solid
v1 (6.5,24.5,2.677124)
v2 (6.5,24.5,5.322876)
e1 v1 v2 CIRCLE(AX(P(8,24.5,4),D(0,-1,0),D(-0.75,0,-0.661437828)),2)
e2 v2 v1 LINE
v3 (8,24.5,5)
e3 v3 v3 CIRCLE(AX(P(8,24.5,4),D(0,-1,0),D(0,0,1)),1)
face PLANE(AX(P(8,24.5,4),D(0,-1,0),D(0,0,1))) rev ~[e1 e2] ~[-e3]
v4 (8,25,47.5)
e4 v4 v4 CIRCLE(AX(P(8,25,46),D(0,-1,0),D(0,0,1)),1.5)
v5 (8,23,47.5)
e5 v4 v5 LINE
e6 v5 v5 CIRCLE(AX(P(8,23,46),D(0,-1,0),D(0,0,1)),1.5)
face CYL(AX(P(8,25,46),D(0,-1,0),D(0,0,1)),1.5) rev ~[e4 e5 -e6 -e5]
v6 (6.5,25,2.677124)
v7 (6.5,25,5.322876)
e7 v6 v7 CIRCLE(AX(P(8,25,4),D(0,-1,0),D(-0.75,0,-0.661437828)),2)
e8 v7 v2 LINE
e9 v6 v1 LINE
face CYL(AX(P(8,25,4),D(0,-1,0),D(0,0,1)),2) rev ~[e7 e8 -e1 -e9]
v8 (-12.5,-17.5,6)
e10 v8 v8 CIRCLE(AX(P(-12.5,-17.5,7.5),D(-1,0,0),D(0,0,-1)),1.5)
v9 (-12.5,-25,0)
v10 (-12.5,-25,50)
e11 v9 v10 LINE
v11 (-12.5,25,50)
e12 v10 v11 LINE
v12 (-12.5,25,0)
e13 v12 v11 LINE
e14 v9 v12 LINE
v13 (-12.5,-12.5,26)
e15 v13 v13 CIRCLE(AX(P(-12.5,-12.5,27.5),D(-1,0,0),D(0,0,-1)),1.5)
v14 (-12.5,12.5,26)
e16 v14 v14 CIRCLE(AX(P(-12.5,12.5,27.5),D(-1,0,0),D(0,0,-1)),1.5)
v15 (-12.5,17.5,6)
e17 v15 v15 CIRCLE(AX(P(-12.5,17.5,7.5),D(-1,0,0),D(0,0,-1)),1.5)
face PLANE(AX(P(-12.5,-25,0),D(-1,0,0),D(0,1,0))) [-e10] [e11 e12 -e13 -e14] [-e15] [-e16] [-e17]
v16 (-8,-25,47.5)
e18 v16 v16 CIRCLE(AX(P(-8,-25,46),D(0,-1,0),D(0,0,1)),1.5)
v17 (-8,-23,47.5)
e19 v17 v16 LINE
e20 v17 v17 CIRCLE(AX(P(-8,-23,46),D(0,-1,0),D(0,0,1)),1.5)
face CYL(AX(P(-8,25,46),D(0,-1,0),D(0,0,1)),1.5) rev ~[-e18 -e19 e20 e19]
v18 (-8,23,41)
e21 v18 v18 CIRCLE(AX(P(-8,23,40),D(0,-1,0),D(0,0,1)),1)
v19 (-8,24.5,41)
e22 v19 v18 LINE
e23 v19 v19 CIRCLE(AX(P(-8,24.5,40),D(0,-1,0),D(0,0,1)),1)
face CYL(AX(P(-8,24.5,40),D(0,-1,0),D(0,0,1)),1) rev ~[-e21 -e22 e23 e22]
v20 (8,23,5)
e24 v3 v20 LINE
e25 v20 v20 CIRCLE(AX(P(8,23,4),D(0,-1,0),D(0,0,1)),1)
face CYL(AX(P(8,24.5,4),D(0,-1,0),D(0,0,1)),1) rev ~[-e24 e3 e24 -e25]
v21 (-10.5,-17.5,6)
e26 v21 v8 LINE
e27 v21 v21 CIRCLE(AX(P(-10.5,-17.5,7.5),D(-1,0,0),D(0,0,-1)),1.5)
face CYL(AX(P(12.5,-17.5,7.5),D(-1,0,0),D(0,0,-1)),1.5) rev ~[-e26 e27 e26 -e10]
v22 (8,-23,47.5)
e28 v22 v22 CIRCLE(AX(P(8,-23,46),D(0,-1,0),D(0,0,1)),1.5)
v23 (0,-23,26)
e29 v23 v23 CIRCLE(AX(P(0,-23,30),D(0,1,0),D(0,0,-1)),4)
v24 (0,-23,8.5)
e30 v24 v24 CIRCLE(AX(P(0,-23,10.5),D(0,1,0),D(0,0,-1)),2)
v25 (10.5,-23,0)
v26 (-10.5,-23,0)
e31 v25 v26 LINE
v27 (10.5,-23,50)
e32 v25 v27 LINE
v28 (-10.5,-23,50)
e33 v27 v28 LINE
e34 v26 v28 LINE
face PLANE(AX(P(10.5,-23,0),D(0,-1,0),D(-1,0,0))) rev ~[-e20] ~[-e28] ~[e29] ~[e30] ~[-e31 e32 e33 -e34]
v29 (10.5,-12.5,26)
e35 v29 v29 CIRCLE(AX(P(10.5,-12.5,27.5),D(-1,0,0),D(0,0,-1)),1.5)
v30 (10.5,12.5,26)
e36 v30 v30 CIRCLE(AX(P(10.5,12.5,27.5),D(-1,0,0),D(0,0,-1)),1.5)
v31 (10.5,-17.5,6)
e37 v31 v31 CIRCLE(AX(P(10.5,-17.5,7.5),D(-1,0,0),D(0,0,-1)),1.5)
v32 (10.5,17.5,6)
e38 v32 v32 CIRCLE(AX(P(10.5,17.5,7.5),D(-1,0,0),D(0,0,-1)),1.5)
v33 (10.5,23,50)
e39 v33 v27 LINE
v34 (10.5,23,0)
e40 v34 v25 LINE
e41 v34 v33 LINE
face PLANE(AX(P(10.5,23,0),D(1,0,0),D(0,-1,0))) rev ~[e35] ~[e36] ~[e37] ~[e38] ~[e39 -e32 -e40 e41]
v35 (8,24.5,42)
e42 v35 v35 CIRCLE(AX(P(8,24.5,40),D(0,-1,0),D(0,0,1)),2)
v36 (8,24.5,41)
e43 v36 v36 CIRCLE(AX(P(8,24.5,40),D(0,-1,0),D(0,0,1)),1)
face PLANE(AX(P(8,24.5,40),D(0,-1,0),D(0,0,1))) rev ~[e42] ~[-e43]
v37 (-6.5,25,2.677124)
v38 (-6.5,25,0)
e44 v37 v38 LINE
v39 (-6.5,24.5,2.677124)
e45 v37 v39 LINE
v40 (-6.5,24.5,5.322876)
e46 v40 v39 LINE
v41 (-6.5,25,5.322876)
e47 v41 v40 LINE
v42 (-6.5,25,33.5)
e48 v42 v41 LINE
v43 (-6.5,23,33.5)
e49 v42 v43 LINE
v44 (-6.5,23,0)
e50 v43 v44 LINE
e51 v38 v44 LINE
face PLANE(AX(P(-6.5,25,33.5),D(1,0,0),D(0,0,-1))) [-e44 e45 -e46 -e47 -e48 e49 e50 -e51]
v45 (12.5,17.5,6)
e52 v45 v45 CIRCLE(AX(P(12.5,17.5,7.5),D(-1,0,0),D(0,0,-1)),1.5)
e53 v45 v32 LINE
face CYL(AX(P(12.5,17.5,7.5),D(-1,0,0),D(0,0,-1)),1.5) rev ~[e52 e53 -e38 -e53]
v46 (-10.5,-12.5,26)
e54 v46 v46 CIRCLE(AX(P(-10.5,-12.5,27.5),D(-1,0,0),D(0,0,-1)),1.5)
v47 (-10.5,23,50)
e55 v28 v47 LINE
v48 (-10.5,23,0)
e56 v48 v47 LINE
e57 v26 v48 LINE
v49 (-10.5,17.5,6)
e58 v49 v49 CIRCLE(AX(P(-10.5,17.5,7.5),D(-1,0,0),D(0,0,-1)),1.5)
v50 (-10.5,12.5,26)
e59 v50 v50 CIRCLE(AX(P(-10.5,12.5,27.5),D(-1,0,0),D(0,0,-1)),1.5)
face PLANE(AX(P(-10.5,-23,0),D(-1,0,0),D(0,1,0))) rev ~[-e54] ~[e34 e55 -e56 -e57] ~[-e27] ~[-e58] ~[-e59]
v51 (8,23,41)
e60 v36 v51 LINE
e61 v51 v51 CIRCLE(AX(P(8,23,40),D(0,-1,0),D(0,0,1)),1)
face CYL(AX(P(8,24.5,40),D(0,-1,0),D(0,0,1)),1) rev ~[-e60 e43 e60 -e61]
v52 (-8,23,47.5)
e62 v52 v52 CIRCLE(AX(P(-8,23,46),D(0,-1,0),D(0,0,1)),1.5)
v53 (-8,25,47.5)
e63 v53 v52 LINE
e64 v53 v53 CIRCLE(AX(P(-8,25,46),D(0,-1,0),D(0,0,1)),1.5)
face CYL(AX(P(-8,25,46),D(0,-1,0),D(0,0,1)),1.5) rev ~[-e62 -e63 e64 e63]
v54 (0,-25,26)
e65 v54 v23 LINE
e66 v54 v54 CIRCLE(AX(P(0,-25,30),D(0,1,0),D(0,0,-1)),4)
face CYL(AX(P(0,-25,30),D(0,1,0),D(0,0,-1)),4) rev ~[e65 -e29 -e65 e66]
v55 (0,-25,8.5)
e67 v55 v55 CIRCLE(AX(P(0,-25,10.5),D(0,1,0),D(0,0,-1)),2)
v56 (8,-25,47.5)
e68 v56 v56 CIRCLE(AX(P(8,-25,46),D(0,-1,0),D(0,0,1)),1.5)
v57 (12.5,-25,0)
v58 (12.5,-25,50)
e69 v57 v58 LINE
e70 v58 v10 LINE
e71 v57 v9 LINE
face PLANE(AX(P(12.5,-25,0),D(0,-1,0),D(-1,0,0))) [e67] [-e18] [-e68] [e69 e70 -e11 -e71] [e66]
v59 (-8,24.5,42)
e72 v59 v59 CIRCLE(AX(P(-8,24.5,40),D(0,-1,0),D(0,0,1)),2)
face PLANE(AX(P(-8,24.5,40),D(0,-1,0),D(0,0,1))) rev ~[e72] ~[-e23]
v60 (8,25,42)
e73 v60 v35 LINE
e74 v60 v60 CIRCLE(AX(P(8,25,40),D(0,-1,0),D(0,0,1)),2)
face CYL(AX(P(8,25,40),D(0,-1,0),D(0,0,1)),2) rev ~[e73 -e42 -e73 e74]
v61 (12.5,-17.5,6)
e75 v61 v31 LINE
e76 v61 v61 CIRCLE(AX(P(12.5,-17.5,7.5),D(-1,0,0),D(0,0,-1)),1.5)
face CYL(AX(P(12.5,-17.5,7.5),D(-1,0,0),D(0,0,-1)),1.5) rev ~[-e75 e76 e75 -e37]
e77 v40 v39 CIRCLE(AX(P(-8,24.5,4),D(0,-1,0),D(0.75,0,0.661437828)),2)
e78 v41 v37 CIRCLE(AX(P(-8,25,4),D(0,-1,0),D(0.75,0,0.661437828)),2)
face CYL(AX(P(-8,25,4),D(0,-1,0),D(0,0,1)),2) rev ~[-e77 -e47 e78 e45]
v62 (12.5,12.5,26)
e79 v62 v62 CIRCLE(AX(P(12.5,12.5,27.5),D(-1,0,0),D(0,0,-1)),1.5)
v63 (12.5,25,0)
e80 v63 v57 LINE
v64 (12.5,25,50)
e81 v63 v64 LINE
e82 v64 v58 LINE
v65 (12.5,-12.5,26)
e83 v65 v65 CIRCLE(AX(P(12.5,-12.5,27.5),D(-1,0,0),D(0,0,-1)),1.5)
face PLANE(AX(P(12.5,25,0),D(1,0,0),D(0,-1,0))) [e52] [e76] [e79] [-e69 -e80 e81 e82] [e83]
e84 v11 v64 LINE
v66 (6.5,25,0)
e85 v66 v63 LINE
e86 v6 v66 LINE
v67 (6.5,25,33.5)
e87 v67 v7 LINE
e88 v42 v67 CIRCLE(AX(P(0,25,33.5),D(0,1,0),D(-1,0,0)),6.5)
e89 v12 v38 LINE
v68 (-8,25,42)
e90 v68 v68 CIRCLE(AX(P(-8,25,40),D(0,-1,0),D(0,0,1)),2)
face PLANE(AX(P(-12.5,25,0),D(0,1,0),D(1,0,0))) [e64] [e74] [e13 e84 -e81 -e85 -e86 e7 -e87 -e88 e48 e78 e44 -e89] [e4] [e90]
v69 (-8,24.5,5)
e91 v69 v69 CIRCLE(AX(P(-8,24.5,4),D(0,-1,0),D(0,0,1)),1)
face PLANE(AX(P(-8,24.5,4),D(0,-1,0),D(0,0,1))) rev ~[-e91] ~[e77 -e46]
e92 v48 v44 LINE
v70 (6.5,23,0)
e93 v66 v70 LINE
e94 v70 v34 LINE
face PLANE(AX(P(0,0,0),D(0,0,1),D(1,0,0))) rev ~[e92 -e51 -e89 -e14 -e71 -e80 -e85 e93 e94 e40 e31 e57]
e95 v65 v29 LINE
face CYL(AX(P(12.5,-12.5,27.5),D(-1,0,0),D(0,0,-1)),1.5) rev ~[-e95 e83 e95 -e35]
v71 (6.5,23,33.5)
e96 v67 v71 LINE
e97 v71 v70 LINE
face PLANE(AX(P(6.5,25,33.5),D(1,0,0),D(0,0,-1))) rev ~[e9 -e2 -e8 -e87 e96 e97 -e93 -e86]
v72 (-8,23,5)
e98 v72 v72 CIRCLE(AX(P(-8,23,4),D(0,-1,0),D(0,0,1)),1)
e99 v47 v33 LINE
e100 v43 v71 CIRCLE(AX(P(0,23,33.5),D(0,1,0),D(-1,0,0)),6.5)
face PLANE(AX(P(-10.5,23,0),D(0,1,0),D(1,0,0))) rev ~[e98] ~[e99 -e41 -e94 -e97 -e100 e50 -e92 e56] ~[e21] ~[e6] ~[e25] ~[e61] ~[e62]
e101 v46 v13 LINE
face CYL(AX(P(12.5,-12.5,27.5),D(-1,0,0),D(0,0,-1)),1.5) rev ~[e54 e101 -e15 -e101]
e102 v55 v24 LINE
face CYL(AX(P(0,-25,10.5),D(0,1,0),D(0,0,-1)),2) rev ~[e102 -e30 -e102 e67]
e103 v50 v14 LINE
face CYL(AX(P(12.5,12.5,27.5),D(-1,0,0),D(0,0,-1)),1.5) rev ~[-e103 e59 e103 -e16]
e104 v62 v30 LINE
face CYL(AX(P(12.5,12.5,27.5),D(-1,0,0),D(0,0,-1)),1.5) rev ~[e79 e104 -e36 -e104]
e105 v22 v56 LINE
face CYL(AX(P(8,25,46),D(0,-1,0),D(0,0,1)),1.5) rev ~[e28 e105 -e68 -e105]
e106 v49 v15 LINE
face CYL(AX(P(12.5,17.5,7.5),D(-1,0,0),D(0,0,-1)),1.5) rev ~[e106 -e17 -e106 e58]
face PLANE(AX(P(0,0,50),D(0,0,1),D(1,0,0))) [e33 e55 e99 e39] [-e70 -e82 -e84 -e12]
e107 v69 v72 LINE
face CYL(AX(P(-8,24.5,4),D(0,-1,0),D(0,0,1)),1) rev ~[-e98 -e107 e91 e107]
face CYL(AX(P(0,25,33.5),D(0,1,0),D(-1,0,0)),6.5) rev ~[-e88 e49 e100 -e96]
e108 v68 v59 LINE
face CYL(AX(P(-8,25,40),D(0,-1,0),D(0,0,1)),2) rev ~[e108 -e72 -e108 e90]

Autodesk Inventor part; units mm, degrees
ref_plane "YZ Plane" through (0, 0, 0) normal (1, 0, 0) x (0, 1, 0)
ref_plane "XZ Plane" through (0, 0, 0) normal (0, 1, 0) x (-1, 0, 0)
ref_plane "XY Plane" through (0, 0, 0) normal (0, 0, 1) x (1, 0, 0)
sketch "スケッチ1" plane through (0, 0, 0) normal (0, 0, 1) x (1, 0, 0)
  line L0 (-12.5, 25) -> (12.5, 25)
  line L1 (12.5, 25) -> (12.5, -25)
  line L2 (12.5, -25) -> (-12.5, -25)
  line L3 (-12.5, -25) -> (-12.5, 25)
  line L4 (-10.5, 23) -> (10.5, 23)
  line L5 (10.5, 23) -> (10.5, -23)
  line L6 (10.5, -23) -> (-10.5, -23)
  line L7 (-10.5, -23) -> (-10.5, 23)
  point P0 (0, 0)
  dimension "d0" = 25
  dimension "d1" = 50
  dimension "d2" = 46
  dimension "d3" = 21
  dimension "d4" = 25
  dimension "d5" = 23
  dimension "d6" = 10.5
  dimension "d7" = 12.5
extrude "押し出し1" add sketch "スケッチ1" along normal blind 50
sketch "スケッチ2" plane through (-12.5, 25, 0) normal (0, 1, 0) x (1, 0, 0)
  line L0 (0, 0) -> (25, 0) projected
  line L1 (0, 0) -> (0, -50) projected
  arc A0 (6, -33.5) -> (19, -33.5) centre (12.5, -33.5) ccw
  line L2 (6, -33.5) -> (6, 0)
  line L3 (19, -33.5) -> (19, 0)
  point P0 (12.5, 0)
  dimension "d10" = 13
  dimension "d11" = 33.5
  dimension "d12" = 12.5
extrude "押し出し2" cut sketch "スケッチ2" against normal blind 2
sketch "スケッチ3" plane through (-12.5, 25, 50) normal (0, 1, 0) x (1, 0, 0)
  arc A0 (6, 16.5) -> (19, 16.5) centre (12.5, 16.5) ccw projected
  circle A1 centre (4.5, 10) radius 1
  circle A2 centre (4.5, 46) radius 1
  circle A3 centre (20.5, 46) radius 1
  circle A4 centre (20.5, 10) radius 1
  line L0 (19, 50) -> (25, 50) projected
  point P0 (12.5, 50)
  dimension "d15" = 6.5
  dimension "d16" = 6.5
  dimension "d17" = 2
  dimension "d18" = 8
  dimension "d19" = 8
  dimension "d20" = 8
  dimension "d21" = 8
  dimension "d22" = 29.5
  dimension "d23" = 29.5
  dimension "d119" = 4
hole "穴1" at (-8, 25, 4) at (8, 25, 4) at (8, 25, 40) at (-8, 25, 40) direction (0, -1, 0) diameter 2 depth 2 tip angle 118 counterbore diameter 4 counterbore depth 0.5
sketch "スケッチ4" plane through (-12.5, -25, 0) normal (0, -1, 0) x (1, 0, 0)
  line L0 (25, 0) -> (0, 0) projected
  line L1 (25, 0) -> (25, 50) projected
  circle A0 centre (12.5, 10.5) radius 2
  point P0 (12.5, 0)
  dimension "d31" = 4
  dimension "d32" = 12.5
  dimension "d33" = 10.5
hole "穴2" at (0, -25, 10.5) direction (0, 1, 0) diameter 4 end through all
sketch "スケッチ5" plane through (-12.5, 25, 50) normal (0, 1, 0) x (1, 0, 0)
  arc A0 (6, 16.5) -> (19, 16.5) centre (12.5, 16.5) ccw projected
  circle A1 centre (20.5, 4) radius 1.5
  circle A2 centre (4.5, 4) radius 1.5
  circle A3 centre (20.5, 10) radius 2 projected
  circle A4 centre (4.5, 10) radius 2 projected
  point P0 (12.5, 50)
  dimension "d46" = 8
  dimension "d47" = 8
  dimension "d57" = 3
  dimension "d120" = 6
  dimension "d121" = 6
hole "穴4" at (-8, 25, 46) at (8, 25, 46) direction (0, -1, 0) diameter 3 end through all
thread "ねじ1" size "M3x0.5" class "6H" standard "ANSI Metric M Profile" full length
thread "ねじ2" size "M3x0.5" class "6H" standard "ANSI Metric M Profile" full length
thread "ねじ3" size "M3x0.5" class "6H" standard "ANSI Metric M Profile" full length
thread "ねじ4" size "M3x0.5" class "6H" standard "ANSI Metric M Profile" full length
sketch "スケッチ7" plane through (-12.5, -25, 0) normal (0, -1, 0) x (1, 0, 0)
  line L0 (25, 0) -> (25, 50) projected
  circle A0 centre (12.5, 30) radius 4
  circle A1 centre (12.5, 10.5) radius 2 projected
  point P0 (12.5, 0)
  dimension "d79" = 8
  dimension "d80" = 12.5
  dimension "d118" = 19.5
hole "穴5" at (0, -25, 30) direction (0, 1, 0) diameter 8 end through all
sketch "スケッチ8" plane through (12.5, -25, 0) normal (1, 0, 0) x (0, 0, -1)
  line L0 (-50, 50) -> (-50, 0) projected
  circle A0 centre (-27.5, 37.5) radius 1.5
  circle A1 centre (-27.5, 12.5) radius 1.5
  circle A2 centre (-7.5, 42.5) radius 1.5
  circle A3 centre (-7.5, 7.5) radius 1.5
  line L1 (0, 50) -> (0, 0) projected
  line L2 (0, 50) -> (-50, 50) projected
  point P0 (0, 25)
  dimension "d88" = 25
  dimension "d90" = 3
  dimension "d101" = 35
  dimension "d104" = 20
  dimension "d105" = 20
  dimension "d113" = 50
  dimension "d114" = 7.5
  dimension "d115" = 7.5
  dimension "d116" = 7.5
  dimension "d117" = 5
hole "穴7" at (12.5, 12.5, 27.5) at (12.5, -12.5, 27.5) at (12.5, -17.5, 7.5) at (12.5, 17.5, 7.5) direction (-1, 0, 0) diameter 3 end through all
properties part number "07" material "アルミニウム 6061"
